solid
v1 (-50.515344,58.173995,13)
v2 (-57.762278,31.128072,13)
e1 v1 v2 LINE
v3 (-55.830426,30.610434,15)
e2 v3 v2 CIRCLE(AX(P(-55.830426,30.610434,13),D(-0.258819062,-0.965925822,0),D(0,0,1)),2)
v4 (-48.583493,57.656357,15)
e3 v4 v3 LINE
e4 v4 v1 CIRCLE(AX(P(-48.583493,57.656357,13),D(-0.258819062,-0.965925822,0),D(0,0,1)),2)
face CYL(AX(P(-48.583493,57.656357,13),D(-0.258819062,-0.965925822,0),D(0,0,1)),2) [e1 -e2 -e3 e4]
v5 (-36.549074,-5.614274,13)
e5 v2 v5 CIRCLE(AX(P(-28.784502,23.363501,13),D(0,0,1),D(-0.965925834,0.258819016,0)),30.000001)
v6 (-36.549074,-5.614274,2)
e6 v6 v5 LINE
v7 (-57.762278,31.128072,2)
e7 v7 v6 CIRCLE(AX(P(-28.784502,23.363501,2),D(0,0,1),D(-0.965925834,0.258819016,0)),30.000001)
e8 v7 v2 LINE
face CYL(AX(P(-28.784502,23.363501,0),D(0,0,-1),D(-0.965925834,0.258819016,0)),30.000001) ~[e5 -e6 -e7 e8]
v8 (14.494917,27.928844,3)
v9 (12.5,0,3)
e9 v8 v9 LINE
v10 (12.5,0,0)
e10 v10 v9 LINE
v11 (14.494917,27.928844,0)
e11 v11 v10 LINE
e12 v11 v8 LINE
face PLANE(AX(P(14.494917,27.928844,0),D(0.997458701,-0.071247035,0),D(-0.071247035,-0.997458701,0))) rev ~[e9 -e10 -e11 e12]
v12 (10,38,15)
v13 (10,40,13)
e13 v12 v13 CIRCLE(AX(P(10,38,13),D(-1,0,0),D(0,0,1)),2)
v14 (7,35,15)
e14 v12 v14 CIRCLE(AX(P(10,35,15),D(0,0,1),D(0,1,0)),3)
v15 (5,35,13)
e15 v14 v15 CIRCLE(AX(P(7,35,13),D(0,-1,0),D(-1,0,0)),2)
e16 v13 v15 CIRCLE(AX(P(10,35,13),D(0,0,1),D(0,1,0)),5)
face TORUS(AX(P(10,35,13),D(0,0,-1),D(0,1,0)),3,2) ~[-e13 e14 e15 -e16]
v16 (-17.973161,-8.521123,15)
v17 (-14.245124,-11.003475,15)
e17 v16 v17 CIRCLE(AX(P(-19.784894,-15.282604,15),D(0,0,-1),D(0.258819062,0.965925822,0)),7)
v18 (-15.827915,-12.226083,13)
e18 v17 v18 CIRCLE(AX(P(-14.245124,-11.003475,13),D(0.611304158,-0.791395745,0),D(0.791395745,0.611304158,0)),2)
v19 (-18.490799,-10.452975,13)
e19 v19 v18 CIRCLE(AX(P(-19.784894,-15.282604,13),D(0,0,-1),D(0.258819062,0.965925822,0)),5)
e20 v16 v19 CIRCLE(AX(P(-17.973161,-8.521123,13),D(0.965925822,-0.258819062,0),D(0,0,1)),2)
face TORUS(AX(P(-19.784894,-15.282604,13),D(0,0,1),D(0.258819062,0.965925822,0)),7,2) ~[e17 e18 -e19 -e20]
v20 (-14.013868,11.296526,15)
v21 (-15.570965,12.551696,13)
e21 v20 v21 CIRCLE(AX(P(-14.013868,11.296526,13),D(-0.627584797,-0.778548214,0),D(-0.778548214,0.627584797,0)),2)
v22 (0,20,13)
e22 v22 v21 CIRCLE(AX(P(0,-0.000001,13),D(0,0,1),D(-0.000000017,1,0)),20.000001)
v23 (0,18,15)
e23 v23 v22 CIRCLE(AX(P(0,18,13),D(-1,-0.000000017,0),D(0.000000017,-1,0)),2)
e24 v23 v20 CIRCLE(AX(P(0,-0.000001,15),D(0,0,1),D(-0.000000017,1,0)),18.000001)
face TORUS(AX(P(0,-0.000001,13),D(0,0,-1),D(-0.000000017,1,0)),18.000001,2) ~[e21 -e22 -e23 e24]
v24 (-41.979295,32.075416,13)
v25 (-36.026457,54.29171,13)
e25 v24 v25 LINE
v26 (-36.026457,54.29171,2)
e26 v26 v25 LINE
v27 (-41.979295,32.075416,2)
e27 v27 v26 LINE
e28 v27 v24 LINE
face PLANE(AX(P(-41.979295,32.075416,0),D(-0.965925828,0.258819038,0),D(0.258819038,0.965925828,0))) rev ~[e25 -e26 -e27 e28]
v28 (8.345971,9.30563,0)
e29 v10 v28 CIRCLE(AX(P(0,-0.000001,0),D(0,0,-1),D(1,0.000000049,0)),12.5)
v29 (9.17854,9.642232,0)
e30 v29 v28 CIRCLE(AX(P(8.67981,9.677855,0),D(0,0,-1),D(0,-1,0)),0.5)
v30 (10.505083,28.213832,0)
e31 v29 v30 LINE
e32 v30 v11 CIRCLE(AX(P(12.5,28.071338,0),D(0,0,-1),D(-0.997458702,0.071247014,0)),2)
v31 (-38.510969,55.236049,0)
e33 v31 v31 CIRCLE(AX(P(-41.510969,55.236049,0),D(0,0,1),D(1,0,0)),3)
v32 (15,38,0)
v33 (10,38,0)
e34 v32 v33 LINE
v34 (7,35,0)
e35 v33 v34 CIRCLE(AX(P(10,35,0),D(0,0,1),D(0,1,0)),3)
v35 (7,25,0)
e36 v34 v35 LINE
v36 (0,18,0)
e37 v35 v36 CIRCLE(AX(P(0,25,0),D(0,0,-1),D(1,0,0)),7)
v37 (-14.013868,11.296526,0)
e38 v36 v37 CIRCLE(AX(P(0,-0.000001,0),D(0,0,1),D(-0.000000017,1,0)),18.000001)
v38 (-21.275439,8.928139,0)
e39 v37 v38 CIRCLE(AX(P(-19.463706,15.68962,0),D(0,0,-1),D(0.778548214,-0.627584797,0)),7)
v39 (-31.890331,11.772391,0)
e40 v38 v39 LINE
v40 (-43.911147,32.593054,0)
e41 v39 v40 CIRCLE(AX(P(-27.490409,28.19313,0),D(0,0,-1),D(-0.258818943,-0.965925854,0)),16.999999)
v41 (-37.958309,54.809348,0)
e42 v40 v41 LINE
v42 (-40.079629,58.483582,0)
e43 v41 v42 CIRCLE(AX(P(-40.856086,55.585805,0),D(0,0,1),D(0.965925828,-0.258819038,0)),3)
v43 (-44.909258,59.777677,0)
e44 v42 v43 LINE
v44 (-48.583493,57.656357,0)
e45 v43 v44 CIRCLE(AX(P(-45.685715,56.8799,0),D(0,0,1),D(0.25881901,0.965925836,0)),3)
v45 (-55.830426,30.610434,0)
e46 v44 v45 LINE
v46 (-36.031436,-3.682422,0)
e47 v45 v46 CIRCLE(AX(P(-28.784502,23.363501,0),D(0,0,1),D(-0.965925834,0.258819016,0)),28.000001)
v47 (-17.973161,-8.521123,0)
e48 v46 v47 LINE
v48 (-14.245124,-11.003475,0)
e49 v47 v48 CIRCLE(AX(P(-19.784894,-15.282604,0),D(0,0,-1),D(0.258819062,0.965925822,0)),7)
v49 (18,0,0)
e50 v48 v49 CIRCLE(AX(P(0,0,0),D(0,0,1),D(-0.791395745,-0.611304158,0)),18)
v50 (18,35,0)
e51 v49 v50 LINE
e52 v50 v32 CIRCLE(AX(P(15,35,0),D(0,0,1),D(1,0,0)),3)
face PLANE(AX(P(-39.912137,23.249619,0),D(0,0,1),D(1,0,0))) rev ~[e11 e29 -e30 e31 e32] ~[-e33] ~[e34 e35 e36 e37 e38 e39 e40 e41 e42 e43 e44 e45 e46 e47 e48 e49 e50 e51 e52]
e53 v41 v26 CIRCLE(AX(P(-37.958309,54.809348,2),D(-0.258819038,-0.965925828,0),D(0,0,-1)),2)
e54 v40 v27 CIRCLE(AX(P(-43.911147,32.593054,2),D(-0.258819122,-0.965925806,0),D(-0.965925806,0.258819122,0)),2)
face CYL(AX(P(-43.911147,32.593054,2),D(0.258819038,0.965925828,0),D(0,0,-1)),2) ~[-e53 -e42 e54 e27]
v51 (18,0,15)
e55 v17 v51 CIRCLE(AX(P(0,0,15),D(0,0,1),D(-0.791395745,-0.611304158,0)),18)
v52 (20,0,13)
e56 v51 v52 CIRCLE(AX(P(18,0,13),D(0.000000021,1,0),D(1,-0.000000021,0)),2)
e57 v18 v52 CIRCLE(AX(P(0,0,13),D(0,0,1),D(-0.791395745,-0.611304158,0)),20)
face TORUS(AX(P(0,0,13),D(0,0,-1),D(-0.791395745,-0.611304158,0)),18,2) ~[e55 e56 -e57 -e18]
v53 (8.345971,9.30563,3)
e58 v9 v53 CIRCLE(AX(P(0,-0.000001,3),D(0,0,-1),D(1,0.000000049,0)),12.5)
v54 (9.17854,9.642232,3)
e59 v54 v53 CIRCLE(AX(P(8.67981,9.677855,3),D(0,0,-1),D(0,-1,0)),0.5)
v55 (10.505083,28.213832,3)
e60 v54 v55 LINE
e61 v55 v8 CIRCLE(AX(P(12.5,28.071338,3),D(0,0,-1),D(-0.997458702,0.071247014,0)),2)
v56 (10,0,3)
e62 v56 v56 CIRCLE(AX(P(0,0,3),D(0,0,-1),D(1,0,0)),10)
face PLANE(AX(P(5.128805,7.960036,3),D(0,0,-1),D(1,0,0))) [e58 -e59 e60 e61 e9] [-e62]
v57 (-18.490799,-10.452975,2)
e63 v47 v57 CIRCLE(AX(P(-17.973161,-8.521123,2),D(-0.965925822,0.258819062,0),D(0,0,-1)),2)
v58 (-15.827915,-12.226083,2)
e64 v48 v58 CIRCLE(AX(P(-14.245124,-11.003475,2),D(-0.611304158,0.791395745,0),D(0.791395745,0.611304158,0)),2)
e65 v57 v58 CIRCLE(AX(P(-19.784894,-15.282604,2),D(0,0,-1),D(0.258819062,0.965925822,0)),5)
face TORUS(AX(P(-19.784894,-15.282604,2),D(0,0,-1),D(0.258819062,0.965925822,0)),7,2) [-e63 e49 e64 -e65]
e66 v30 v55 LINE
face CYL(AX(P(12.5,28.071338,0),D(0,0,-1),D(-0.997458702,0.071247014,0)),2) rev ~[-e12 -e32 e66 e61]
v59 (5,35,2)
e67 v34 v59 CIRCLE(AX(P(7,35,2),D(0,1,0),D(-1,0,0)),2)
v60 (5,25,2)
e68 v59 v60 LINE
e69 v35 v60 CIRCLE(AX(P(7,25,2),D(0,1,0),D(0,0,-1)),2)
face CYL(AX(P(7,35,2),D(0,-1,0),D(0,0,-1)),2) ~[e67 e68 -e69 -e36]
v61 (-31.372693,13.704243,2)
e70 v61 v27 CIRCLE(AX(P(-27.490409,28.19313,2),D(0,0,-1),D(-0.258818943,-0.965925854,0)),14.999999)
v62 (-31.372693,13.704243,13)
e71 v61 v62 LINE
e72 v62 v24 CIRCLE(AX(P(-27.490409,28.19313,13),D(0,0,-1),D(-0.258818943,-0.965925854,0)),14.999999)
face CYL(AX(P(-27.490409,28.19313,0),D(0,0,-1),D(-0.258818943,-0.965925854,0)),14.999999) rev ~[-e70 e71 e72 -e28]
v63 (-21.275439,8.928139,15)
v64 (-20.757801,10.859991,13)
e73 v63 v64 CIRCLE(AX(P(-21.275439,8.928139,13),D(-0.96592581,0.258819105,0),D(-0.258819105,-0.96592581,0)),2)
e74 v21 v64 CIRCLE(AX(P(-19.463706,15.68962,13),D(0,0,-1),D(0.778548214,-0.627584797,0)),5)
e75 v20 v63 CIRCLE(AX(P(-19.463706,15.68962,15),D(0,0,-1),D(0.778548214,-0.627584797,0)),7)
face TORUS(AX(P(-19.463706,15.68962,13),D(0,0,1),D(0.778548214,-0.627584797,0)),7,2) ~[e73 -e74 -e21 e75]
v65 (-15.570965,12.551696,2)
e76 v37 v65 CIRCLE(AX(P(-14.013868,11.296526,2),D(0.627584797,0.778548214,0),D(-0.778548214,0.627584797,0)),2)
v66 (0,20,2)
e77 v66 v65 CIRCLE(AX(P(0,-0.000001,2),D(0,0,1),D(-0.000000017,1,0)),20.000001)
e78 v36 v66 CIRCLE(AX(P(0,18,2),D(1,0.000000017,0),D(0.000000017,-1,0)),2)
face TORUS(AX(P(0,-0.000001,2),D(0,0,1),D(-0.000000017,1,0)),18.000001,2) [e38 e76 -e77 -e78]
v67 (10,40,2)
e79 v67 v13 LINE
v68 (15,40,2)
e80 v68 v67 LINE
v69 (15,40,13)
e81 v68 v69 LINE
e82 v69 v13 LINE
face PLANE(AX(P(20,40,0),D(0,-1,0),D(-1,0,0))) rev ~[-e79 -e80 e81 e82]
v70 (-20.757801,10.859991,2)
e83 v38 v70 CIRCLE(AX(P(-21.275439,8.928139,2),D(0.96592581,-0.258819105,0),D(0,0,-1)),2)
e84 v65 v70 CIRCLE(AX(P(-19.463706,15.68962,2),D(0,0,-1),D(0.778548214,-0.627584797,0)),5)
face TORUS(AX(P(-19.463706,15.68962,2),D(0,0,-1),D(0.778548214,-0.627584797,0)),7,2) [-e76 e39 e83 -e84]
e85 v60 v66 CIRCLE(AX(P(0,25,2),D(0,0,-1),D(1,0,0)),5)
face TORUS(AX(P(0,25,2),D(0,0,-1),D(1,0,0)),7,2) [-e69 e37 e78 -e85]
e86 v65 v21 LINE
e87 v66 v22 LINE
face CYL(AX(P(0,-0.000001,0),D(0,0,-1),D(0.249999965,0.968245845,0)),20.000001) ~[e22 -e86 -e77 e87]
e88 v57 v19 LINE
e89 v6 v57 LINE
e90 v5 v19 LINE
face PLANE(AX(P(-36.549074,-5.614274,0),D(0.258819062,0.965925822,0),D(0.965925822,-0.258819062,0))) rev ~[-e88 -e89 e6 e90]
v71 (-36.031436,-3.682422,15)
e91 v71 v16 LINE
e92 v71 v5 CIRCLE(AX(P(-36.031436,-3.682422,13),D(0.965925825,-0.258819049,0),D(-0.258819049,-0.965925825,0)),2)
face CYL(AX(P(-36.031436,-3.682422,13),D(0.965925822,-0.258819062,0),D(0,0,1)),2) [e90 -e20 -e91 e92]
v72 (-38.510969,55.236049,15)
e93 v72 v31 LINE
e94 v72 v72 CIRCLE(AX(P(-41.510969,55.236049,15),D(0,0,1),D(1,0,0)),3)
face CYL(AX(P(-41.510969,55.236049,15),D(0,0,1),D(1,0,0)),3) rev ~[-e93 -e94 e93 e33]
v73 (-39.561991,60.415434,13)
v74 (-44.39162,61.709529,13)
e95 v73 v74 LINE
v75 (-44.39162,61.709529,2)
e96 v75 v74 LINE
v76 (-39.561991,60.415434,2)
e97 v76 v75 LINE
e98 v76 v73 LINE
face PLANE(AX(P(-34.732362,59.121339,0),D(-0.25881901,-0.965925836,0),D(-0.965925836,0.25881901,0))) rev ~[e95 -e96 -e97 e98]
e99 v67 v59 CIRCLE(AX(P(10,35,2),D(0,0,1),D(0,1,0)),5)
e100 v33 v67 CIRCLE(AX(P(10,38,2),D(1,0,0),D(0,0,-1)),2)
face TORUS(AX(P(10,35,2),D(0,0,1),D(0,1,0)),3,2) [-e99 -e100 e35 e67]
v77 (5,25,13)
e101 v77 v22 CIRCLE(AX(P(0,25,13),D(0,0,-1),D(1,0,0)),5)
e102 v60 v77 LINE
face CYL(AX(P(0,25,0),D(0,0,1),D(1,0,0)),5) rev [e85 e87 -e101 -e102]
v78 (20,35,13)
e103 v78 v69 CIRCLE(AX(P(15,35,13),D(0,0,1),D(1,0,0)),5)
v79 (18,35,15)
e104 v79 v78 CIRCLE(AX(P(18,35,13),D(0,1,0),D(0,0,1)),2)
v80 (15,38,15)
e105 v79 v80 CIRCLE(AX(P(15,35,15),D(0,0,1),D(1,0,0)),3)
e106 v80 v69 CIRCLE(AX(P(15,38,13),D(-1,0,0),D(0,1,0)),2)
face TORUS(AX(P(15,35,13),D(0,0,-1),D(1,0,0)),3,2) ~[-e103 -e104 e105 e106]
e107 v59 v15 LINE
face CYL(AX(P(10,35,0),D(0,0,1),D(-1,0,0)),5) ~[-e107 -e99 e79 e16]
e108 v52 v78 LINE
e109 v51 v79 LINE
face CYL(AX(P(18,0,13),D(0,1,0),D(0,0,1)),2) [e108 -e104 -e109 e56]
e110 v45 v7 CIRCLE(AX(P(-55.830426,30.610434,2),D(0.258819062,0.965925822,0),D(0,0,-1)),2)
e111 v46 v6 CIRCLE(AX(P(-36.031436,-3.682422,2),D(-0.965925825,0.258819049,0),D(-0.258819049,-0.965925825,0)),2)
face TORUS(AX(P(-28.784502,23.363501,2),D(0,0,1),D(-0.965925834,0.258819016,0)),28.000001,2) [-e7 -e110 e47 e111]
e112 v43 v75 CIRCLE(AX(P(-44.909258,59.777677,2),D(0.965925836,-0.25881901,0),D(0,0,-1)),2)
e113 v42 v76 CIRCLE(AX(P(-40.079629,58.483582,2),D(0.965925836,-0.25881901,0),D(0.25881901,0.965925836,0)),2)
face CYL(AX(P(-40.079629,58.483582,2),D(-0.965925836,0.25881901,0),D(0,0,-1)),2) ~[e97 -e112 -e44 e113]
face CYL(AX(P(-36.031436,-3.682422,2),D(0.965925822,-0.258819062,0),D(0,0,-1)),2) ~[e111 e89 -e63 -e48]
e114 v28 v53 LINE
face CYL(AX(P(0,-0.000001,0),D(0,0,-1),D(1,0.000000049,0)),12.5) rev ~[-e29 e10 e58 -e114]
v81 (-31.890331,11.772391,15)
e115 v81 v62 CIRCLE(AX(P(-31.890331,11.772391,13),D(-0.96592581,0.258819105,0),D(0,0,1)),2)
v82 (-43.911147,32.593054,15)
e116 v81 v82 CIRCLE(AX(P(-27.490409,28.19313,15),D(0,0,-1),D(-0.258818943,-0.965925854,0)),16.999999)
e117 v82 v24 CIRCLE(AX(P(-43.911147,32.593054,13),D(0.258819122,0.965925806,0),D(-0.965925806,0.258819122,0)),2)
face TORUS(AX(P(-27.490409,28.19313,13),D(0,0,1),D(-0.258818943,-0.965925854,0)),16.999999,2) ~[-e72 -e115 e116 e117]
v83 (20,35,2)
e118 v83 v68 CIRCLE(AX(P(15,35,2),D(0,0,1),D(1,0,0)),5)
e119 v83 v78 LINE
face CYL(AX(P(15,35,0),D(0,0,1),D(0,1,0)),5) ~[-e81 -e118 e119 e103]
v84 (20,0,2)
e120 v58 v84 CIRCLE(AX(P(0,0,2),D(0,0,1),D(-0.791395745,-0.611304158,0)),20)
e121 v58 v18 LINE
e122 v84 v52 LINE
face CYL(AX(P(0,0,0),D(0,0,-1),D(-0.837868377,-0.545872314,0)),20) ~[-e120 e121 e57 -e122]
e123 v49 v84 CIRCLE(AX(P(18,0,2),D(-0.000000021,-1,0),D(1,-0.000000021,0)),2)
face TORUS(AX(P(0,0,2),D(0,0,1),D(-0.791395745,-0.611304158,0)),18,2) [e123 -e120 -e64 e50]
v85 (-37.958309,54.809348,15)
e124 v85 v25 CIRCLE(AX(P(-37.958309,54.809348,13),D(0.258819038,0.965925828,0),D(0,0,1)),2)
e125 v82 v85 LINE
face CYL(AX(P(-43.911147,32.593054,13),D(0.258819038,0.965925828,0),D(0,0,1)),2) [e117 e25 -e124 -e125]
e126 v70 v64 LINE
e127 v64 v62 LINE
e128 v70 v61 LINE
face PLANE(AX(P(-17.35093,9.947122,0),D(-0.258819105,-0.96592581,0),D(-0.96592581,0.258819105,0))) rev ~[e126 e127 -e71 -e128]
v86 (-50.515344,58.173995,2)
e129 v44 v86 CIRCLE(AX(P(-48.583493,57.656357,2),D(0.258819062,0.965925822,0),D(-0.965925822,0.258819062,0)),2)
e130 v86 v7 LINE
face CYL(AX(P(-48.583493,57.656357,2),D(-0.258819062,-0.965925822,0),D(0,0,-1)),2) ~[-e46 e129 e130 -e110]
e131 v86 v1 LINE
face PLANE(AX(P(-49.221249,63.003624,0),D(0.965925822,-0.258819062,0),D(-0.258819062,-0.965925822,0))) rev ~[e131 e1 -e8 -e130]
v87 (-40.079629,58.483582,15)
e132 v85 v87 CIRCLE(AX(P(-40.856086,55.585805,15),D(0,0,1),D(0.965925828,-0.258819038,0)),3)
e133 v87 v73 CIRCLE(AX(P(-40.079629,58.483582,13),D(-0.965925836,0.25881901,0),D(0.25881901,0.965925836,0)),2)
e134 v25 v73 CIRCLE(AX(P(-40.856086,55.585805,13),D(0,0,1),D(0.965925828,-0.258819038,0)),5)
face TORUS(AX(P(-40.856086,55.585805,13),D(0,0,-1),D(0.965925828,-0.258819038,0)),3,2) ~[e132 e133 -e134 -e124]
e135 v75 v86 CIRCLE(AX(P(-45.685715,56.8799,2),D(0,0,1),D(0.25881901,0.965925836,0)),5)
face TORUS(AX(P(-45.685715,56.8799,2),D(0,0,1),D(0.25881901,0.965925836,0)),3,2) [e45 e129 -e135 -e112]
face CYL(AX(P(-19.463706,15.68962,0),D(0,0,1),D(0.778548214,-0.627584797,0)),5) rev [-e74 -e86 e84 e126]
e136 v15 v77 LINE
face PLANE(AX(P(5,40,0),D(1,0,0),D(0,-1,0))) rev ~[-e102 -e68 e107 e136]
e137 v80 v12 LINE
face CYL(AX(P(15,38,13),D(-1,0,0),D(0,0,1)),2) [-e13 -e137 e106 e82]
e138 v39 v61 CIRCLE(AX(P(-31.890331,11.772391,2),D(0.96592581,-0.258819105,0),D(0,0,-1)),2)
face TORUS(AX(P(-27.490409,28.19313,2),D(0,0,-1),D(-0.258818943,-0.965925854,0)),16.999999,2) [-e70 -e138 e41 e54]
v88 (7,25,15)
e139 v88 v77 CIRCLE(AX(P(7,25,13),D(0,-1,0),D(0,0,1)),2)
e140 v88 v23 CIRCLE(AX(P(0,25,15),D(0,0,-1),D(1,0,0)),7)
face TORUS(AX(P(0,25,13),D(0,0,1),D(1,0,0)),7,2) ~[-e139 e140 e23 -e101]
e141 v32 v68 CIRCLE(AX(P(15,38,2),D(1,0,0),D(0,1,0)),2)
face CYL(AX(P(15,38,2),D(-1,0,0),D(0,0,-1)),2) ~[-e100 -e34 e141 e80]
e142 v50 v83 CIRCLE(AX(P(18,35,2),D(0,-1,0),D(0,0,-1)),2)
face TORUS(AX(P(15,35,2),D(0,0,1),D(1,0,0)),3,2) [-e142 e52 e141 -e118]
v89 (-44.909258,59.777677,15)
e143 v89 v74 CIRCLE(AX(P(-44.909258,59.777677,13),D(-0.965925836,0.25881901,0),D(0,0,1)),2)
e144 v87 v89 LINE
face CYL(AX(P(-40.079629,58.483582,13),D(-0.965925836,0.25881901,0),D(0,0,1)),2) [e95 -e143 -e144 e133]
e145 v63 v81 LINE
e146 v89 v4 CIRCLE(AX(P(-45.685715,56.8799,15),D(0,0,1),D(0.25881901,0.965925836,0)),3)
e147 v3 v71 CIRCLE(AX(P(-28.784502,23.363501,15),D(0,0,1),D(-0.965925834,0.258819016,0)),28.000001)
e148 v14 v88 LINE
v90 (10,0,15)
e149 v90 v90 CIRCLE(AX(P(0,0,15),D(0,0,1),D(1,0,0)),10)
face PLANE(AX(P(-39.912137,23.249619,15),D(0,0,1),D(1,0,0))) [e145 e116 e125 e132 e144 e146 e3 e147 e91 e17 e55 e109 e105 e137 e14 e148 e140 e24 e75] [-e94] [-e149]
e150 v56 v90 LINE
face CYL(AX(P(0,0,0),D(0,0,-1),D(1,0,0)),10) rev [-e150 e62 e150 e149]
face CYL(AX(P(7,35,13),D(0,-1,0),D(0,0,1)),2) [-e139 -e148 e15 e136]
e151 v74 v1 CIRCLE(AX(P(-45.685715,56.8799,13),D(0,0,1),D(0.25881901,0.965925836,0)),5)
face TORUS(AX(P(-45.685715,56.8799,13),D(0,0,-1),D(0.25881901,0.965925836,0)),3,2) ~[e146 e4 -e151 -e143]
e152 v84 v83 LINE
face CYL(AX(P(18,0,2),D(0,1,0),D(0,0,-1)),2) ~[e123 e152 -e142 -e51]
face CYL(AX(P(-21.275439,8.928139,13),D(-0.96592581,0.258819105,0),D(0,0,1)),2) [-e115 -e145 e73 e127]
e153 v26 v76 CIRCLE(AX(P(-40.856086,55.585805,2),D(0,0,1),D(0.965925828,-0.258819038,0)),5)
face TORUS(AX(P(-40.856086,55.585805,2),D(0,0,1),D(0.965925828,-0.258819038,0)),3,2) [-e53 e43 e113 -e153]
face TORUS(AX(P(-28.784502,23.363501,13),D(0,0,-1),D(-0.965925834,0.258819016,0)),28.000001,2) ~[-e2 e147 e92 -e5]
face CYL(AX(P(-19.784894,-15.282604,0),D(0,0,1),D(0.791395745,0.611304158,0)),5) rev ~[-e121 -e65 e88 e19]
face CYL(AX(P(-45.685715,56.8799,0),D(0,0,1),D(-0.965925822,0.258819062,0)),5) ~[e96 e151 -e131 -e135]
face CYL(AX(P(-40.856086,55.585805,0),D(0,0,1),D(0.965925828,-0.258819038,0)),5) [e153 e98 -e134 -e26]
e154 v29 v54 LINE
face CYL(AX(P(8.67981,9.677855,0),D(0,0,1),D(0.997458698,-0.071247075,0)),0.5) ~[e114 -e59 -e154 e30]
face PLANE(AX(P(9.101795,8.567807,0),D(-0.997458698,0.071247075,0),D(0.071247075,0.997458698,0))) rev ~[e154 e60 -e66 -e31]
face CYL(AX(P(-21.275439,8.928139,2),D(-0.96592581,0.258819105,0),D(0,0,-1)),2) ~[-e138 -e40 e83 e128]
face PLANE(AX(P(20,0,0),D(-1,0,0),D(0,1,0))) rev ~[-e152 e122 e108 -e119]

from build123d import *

# Parameters (mm, degrees)
F0_R     = 10
F1_DEPTH = 15
F2_R     = 5
F3_R     = 5
F4_R     = 2
F6_DEPTH = 3
F7_R     = 3
F8_DEPTH = 15
F9_R     = 0.5


with BuildPart() as f1:
    # F0 (on Top) → F1 (new body)
    with BuildSketch(Plane.XY):
        with BuildLine():
            Line((-36.549074, -5.614274), (-16.757368, -10.917446))
            ThreePointArc((-16.757368, -10.917446), (-19.991912, -0.568736), (-17.35093, 9.947122))
            Line((-17.35093, 9.947122), (-31.372693, 13.704243))
            ThreePointArc((-31.372693, 13.704243), (-40.480789, 20.69313), (-41.979295, 32.075416))
            Line((-41.979295, 32.075416), (-34.732362, 59.121339))
            Line((-34.732362, 59.121339), (-49.221249, 63.003624))
            Line((-49.221249, 63.003624), (-57.762278, 31.128072))
            ThreePointArc((-57.762278, 31.128072), (-54.765265, 8.363501), (-36.549074, -5.614274))
        make_face()
        with BuildLine():
            ThreePointArc((-16.757368, -10.917446), (5.694411, -19.172211), (20, 0))
            ThreePointArc((20, 0), (15.811388, 12.247449), (5, 19.364917))
            ThreePointArc((5, 19.364917), (-7.765956, 18.430679), (-17.35093, 9.947122))
            ThreePointArc((-17.35093, 9.947122), (-19.991912, -0.568736), (-16.757368, -10.917446))
        make_face()
        Circle(F0_R, mode=Mode.SUBTRACT)
        with BuildLine():
            ThreePointArc((5, 19.364917), (15.811388, 12.247449), (20, 0))
            Line((20, 0), (20, 40))
            Line((20, 40), (5, 40))
            Line((5, 40), (5, 19.364917))
        make_face()
    extrude(amount=F1_DEPTH)

    # F2
    f2_edges = [f1.edges().sort_by_distance(p)[0] for p in [
        (-17.35093, 9.947122, 7.5),
        (5, 19.364917, 7.5),
    ]]
    fillet(f2_edges, radius=F2_R)

    # F3
    f3_edges = [f1.edges().sort_by_distance(p)[0] for p in [
        (-49.221249, 63.003624, 7.5),
        (-34.732362, 59.121339, 7.5),
        (5, 40, 7.5),
        (20, 40, 7.5),
        (-16.757368, -10.917446, 7.5),
    ]]
    fillet(f3_edges, radius=F3_R)

    # F4
    f4_edges = [f1.edges().sort_by_distance(p)[0] for p in [
        (-54.138811, 44.651034, 15),
        (-26.065247, 12.282117, 0),
    ]]
    fillet(f4_edges, radius=F4_R)

    # F5 (on face) → F6 (cut)
    with BuildSketch(Plane(origin=(0, 0, 0), x_dir=(1, 0, 0), z_dir=(0, 0, -1))):
        with BuildLine():
            Line((14.494917, -27.928844), (12.5, 0))
            ThreePointArc((12.5, 0), (-11.619433, 4.608555), (9.101795, -8.567807))
            Line((9.101795, -8.567807), (10.505083, -28.213832))
            ThreePointArc((10.505083, -28.213832), (12.642494, -30.066255), (14.494917, -27.928844))
        make_face()
    extrude(amount=-F6_DEPTH, mode=Mode.SUBTRACT)

    # F7 (on face) → F8 (cut, through all)
    with BuildSketch(Plane.XY.offset(15)):
        with Locations((-41.510969, 55.236049)):
            Circle(F7_R)
    extrude(amount=-F8_DEPTH, mode=Mode.SUBTRACT)

    # F9
    f9_edges = [f1.edges().sort_by_distance(p)[0] for p in [
        (9.101795, 8.567807, 1.5),
    ]]
    fillet(f9_edges, radius=F9_R)


solid = f1.part
